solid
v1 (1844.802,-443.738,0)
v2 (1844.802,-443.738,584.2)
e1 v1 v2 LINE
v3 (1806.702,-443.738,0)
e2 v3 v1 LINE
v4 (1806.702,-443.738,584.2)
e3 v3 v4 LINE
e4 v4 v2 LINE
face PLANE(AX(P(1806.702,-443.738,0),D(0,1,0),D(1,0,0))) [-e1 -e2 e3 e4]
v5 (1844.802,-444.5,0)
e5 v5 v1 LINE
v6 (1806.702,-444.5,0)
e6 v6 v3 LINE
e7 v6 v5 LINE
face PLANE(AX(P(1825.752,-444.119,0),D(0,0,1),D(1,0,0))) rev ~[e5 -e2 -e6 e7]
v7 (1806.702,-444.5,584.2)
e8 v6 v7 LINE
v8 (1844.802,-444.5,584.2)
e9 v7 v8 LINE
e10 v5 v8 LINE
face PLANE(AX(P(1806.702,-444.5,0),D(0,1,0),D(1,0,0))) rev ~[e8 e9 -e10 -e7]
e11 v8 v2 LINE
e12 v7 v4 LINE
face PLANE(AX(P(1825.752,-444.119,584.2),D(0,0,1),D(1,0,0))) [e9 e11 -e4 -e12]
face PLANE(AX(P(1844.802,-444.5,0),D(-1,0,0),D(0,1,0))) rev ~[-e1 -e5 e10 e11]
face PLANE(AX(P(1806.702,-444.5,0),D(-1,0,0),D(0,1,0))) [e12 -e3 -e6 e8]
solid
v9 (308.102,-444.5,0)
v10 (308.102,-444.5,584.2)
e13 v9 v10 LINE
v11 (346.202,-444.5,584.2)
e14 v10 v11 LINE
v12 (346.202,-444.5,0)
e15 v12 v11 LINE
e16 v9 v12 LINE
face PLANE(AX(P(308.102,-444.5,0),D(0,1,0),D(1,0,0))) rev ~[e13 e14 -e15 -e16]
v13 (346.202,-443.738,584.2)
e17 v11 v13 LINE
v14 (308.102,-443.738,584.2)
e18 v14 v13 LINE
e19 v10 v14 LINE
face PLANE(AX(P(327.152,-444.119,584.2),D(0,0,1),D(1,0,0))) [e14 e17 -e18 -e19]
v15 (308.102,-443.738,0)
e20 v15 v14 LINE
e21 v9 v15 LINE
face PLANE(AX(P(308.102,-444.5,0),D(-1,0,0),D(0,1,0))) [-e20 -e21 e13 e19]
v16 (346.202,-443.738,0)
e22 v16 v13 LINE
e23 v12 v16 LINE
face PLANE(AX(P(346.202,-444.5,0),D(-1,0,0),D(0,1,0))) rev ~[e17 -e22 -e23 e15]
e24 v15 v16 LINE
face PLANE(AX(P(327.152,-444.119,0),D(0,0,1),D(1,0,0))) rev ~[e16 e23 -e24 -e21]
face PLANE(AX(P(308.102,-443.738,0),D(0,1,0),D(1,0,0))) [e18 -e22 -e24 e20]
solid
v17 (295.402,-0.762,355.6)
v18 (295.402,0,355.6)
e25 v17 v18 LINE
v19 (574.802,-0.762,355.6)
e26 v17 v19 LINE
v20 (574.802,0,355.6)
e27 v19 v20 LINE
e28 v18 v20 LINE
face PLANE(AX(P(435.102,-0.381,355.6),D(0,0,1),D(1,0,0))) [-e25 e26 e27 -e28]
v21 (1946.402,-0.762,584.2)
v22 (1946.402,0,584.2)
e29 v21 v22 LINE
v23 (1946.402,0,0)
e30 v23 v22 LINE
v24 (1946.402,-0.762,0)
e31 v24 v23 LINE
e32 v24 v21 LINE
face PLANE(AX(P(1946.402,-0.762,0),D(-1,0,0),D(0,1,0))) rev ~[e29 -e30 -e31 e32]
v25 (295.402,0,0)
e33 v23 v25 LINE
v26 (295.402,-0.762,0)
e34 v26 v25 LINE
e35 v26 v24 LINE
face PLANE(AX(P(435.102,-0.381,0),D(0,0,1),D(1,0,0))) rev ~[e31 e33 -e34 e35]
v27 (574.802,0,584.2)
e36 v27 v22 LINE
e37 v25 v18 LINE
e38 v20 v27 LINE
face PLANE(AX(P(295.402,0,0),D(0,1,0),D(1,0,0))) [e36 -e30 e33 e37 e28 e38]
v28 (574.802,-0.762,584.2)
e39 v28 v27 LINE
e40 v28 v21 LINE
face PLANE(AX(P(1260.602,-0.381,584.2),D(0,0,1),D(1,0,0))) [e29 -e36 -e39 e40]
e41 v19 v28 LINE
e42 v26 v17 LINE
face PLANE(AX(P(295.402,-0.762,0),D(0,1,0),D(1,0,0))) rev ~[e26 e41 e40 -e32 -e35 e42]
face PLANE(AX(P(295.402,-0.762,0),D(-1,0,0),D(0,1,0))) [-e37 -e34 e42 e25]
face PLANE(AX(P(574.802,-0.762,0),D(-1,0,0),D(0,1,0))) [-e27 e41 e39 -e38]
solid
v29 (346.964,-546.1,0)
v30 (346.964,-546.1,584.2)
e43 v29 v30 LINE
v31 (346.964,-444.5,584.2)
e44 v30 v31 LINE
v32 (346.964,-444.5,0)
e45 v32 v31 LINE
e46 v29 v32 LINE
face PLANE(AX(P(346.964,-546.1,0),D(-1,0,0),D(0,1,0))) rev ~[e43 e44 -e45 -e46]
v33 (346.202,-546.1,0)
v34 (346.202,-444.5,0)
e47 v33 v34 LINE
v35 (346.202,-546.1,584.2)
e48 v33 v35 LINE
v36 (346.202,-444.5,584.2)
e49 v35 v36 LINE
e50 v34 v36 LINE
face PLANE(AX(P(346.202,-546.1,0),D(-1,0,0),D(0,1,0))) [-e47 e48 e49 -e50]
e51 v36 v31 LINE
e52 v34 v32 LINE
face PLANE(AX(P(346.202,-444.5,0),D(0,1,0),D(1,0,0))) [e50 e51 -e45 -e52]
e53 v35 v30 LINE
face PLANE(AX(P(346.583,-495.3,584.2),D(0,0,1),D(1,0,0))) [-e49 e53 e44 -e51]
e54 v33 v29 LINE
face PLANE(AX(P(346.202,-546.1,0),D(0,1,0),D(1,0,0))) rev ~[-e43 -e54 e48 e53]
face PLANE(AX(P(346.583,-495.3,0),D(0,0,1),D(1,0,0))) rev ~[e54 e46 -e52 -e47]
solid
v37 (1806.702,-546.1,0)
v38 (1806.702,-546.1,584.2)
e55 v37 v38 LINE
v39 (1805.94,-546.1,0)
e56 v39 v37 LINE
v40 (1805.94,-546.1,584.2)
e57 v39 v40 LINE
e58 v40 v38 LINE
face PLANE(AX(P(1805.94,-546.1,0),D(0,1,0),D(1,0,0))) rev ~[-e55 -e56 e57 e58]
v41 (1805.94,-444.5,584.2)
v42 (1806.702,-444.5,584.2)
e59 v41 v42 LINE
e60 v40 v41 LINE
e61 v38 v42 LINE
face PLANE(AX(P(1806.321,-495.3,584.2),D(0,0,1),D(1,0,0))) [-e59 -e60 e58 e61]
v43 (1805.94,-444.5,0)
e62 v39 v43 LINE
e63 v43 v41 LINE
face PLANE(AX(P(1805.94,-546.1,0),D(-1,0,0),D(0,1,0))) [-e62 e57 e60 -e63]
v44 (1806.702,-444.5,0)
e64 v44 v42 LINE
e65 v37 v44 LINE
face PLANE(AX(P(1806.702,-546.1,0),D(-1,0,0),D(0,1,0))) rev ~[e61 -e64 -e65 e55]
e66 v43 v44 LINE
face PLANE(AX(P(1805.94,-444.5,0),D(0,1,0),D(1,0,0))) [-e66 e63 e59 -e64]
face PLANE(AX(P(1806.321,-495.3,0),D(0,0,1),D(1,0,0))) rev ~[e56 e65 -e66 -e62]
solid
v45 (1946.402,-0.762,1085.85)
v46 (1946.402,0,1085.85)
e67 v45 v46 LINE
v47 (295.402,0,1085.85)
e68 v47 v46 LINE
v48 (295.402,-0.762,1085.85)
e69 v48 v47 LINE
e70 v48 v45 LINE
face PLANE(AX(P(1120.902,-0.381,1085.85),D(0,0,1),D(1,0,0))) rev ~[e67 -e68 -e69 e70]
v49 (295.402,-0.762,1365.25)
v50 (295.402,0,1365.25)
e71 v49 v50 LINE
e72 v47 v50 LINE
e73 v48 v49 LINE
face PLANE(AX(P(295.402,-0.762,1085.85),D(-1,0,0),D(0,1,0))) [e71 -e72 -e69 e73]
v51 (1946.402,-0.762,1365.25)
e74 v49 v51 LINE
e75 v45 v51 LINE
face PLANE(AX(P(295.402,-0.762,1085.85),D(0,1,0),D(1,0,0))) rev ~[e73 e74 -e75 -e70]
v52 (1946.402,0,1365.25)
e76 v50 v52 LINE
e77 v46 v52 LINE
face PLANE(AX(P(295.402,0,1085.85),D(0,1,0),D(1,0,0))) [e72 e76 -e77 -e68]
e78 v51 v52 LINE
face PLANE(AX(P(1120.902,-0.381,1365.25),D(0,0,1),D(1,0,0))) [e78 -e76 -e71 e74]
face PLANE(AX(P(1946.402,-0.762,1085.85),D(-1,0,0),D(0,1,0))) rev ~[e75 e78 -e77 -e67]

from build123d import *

# Parameters (mm, degrees)
BOX020_W     = 1651
BOX020_H     = 0.762
BOX020_DEPTH = 279.4
BOX021_W     = 1371.6
BOX021_H     = 0.762
BOX021_DEPTH = 584.2
BOX022_W     = 279.4
BOX022_H     = 0.762
BOX022_DEPTH = 355.6
BOX023_W     = 38.1
BOX023_H     = 0.762
BOX023_DEPTH = 584.2
BOX025_W     = 0.762
BOX025_H     = 101.6
BOX025_DEPTH = 584.2
BOX026_W     = 38.1
BOX026_H     = 0.762
BOX026_DEPTH = 584.2
BOX027_W     = 0.762
BOX027_H     = 101.6
BOX027_DEPTH = 584.2


with BuildPart() as cube009:
    # Box020 → Box020 (new body)
    with BuildSketch(Plane(origin=(295.402, -0.762, 1085.85), x_dir=(1, 0, 0), z_dir=(0, 0, 1))):
        with Locations((825.5, 0.381)):
            Rectangle(BOX020_W, BOX020_H)
    extrude(amount=BOX020_DEPTH)


with BuildPart() as cube010:
    # Box021 → Box021 (new body)
    with BuildSketch(Plane(origin=(574.802, -0.762, 0), x_dir=(1, 0, 0), z_dir=(0, 0, 1))):
        with Locations((685.8, 0.381)):
            Rectangle(BOX021_W, BOX021_H)
    extrude(amount=BOX021_DEPTH)


with BuildPart() as cube011:
    # Box022 → Box022 (new body)
    with BuildSketch(Plane(origin=(295.402, -0.762, 0), x_dir=(1, 0, 0), z_dir=(0, 0, 1))):
        with Locations((139.7, 0.381)):
            Rectangle(BOX022_W, BOX022_H)
    extrude(amount=BOX022_DEPTH)


with BuildPart() as cube012:
    # Box023 → Box023 (new body)
    with BuildSketch(Plane(origin=(308.102, -444.5, 0), x_dir=(1, 0, 0), z_dir=(0, 0, 1))):
        with Locations((19.05, 0.381)):
            Rectangle(BOX023_W, BOX023_H)
    extrude(amount=BOX023_DEPTH)


with BuildPart() as cube014:
    # Box025 → Box025 (new body)
    with BuildSketch(Plane(origin=(346.202, -546.1, 0), x_dir=(1, 0, 0), z_dir=(0, 0, 1))):
        with Locations((0.381, 50.8)):
            Rectangle(BOX025_W, BOX025_H)
    extrude(amount=BOX025_DEPTH)


with BuildPart() as cube015:
    # Box026 → Box026 (new body)
    with BuildSketch(Plane(origin=(1806.702, -444.5, 0), x_dir=(1, 0, 0), z_dir=(0, 0, 1))):
        with Locations((19.05, 0.381)):
            Rectangle(BOX026_W, BOX026_H)
    extrude(amount=BOX026_DEPTH)


with BuildPart() as wallprotection:
    # Box027 → Box027 (new body)
    with BuildSketch(Plane(origin=(1805.94, -546.1, 0), x_dir=(1, 0, 0), z_dir=(0, 0, 1))):
        with Locations((0.381, 50.8)):
            Rectangle(BOX027_W, BOX027_H)
    extrude(amount=BOX027_DEPTH)

    # Fusion006: union Cube009, Cube010, Cube011, Cube012, Cube014, Cube015
    add(cube009.part)
    add(cube010.part)
    add(cube011.part)
    add(cube012.part)
    add(cube014.part)
    add(cube015.part)


solid = wallprotection.part
